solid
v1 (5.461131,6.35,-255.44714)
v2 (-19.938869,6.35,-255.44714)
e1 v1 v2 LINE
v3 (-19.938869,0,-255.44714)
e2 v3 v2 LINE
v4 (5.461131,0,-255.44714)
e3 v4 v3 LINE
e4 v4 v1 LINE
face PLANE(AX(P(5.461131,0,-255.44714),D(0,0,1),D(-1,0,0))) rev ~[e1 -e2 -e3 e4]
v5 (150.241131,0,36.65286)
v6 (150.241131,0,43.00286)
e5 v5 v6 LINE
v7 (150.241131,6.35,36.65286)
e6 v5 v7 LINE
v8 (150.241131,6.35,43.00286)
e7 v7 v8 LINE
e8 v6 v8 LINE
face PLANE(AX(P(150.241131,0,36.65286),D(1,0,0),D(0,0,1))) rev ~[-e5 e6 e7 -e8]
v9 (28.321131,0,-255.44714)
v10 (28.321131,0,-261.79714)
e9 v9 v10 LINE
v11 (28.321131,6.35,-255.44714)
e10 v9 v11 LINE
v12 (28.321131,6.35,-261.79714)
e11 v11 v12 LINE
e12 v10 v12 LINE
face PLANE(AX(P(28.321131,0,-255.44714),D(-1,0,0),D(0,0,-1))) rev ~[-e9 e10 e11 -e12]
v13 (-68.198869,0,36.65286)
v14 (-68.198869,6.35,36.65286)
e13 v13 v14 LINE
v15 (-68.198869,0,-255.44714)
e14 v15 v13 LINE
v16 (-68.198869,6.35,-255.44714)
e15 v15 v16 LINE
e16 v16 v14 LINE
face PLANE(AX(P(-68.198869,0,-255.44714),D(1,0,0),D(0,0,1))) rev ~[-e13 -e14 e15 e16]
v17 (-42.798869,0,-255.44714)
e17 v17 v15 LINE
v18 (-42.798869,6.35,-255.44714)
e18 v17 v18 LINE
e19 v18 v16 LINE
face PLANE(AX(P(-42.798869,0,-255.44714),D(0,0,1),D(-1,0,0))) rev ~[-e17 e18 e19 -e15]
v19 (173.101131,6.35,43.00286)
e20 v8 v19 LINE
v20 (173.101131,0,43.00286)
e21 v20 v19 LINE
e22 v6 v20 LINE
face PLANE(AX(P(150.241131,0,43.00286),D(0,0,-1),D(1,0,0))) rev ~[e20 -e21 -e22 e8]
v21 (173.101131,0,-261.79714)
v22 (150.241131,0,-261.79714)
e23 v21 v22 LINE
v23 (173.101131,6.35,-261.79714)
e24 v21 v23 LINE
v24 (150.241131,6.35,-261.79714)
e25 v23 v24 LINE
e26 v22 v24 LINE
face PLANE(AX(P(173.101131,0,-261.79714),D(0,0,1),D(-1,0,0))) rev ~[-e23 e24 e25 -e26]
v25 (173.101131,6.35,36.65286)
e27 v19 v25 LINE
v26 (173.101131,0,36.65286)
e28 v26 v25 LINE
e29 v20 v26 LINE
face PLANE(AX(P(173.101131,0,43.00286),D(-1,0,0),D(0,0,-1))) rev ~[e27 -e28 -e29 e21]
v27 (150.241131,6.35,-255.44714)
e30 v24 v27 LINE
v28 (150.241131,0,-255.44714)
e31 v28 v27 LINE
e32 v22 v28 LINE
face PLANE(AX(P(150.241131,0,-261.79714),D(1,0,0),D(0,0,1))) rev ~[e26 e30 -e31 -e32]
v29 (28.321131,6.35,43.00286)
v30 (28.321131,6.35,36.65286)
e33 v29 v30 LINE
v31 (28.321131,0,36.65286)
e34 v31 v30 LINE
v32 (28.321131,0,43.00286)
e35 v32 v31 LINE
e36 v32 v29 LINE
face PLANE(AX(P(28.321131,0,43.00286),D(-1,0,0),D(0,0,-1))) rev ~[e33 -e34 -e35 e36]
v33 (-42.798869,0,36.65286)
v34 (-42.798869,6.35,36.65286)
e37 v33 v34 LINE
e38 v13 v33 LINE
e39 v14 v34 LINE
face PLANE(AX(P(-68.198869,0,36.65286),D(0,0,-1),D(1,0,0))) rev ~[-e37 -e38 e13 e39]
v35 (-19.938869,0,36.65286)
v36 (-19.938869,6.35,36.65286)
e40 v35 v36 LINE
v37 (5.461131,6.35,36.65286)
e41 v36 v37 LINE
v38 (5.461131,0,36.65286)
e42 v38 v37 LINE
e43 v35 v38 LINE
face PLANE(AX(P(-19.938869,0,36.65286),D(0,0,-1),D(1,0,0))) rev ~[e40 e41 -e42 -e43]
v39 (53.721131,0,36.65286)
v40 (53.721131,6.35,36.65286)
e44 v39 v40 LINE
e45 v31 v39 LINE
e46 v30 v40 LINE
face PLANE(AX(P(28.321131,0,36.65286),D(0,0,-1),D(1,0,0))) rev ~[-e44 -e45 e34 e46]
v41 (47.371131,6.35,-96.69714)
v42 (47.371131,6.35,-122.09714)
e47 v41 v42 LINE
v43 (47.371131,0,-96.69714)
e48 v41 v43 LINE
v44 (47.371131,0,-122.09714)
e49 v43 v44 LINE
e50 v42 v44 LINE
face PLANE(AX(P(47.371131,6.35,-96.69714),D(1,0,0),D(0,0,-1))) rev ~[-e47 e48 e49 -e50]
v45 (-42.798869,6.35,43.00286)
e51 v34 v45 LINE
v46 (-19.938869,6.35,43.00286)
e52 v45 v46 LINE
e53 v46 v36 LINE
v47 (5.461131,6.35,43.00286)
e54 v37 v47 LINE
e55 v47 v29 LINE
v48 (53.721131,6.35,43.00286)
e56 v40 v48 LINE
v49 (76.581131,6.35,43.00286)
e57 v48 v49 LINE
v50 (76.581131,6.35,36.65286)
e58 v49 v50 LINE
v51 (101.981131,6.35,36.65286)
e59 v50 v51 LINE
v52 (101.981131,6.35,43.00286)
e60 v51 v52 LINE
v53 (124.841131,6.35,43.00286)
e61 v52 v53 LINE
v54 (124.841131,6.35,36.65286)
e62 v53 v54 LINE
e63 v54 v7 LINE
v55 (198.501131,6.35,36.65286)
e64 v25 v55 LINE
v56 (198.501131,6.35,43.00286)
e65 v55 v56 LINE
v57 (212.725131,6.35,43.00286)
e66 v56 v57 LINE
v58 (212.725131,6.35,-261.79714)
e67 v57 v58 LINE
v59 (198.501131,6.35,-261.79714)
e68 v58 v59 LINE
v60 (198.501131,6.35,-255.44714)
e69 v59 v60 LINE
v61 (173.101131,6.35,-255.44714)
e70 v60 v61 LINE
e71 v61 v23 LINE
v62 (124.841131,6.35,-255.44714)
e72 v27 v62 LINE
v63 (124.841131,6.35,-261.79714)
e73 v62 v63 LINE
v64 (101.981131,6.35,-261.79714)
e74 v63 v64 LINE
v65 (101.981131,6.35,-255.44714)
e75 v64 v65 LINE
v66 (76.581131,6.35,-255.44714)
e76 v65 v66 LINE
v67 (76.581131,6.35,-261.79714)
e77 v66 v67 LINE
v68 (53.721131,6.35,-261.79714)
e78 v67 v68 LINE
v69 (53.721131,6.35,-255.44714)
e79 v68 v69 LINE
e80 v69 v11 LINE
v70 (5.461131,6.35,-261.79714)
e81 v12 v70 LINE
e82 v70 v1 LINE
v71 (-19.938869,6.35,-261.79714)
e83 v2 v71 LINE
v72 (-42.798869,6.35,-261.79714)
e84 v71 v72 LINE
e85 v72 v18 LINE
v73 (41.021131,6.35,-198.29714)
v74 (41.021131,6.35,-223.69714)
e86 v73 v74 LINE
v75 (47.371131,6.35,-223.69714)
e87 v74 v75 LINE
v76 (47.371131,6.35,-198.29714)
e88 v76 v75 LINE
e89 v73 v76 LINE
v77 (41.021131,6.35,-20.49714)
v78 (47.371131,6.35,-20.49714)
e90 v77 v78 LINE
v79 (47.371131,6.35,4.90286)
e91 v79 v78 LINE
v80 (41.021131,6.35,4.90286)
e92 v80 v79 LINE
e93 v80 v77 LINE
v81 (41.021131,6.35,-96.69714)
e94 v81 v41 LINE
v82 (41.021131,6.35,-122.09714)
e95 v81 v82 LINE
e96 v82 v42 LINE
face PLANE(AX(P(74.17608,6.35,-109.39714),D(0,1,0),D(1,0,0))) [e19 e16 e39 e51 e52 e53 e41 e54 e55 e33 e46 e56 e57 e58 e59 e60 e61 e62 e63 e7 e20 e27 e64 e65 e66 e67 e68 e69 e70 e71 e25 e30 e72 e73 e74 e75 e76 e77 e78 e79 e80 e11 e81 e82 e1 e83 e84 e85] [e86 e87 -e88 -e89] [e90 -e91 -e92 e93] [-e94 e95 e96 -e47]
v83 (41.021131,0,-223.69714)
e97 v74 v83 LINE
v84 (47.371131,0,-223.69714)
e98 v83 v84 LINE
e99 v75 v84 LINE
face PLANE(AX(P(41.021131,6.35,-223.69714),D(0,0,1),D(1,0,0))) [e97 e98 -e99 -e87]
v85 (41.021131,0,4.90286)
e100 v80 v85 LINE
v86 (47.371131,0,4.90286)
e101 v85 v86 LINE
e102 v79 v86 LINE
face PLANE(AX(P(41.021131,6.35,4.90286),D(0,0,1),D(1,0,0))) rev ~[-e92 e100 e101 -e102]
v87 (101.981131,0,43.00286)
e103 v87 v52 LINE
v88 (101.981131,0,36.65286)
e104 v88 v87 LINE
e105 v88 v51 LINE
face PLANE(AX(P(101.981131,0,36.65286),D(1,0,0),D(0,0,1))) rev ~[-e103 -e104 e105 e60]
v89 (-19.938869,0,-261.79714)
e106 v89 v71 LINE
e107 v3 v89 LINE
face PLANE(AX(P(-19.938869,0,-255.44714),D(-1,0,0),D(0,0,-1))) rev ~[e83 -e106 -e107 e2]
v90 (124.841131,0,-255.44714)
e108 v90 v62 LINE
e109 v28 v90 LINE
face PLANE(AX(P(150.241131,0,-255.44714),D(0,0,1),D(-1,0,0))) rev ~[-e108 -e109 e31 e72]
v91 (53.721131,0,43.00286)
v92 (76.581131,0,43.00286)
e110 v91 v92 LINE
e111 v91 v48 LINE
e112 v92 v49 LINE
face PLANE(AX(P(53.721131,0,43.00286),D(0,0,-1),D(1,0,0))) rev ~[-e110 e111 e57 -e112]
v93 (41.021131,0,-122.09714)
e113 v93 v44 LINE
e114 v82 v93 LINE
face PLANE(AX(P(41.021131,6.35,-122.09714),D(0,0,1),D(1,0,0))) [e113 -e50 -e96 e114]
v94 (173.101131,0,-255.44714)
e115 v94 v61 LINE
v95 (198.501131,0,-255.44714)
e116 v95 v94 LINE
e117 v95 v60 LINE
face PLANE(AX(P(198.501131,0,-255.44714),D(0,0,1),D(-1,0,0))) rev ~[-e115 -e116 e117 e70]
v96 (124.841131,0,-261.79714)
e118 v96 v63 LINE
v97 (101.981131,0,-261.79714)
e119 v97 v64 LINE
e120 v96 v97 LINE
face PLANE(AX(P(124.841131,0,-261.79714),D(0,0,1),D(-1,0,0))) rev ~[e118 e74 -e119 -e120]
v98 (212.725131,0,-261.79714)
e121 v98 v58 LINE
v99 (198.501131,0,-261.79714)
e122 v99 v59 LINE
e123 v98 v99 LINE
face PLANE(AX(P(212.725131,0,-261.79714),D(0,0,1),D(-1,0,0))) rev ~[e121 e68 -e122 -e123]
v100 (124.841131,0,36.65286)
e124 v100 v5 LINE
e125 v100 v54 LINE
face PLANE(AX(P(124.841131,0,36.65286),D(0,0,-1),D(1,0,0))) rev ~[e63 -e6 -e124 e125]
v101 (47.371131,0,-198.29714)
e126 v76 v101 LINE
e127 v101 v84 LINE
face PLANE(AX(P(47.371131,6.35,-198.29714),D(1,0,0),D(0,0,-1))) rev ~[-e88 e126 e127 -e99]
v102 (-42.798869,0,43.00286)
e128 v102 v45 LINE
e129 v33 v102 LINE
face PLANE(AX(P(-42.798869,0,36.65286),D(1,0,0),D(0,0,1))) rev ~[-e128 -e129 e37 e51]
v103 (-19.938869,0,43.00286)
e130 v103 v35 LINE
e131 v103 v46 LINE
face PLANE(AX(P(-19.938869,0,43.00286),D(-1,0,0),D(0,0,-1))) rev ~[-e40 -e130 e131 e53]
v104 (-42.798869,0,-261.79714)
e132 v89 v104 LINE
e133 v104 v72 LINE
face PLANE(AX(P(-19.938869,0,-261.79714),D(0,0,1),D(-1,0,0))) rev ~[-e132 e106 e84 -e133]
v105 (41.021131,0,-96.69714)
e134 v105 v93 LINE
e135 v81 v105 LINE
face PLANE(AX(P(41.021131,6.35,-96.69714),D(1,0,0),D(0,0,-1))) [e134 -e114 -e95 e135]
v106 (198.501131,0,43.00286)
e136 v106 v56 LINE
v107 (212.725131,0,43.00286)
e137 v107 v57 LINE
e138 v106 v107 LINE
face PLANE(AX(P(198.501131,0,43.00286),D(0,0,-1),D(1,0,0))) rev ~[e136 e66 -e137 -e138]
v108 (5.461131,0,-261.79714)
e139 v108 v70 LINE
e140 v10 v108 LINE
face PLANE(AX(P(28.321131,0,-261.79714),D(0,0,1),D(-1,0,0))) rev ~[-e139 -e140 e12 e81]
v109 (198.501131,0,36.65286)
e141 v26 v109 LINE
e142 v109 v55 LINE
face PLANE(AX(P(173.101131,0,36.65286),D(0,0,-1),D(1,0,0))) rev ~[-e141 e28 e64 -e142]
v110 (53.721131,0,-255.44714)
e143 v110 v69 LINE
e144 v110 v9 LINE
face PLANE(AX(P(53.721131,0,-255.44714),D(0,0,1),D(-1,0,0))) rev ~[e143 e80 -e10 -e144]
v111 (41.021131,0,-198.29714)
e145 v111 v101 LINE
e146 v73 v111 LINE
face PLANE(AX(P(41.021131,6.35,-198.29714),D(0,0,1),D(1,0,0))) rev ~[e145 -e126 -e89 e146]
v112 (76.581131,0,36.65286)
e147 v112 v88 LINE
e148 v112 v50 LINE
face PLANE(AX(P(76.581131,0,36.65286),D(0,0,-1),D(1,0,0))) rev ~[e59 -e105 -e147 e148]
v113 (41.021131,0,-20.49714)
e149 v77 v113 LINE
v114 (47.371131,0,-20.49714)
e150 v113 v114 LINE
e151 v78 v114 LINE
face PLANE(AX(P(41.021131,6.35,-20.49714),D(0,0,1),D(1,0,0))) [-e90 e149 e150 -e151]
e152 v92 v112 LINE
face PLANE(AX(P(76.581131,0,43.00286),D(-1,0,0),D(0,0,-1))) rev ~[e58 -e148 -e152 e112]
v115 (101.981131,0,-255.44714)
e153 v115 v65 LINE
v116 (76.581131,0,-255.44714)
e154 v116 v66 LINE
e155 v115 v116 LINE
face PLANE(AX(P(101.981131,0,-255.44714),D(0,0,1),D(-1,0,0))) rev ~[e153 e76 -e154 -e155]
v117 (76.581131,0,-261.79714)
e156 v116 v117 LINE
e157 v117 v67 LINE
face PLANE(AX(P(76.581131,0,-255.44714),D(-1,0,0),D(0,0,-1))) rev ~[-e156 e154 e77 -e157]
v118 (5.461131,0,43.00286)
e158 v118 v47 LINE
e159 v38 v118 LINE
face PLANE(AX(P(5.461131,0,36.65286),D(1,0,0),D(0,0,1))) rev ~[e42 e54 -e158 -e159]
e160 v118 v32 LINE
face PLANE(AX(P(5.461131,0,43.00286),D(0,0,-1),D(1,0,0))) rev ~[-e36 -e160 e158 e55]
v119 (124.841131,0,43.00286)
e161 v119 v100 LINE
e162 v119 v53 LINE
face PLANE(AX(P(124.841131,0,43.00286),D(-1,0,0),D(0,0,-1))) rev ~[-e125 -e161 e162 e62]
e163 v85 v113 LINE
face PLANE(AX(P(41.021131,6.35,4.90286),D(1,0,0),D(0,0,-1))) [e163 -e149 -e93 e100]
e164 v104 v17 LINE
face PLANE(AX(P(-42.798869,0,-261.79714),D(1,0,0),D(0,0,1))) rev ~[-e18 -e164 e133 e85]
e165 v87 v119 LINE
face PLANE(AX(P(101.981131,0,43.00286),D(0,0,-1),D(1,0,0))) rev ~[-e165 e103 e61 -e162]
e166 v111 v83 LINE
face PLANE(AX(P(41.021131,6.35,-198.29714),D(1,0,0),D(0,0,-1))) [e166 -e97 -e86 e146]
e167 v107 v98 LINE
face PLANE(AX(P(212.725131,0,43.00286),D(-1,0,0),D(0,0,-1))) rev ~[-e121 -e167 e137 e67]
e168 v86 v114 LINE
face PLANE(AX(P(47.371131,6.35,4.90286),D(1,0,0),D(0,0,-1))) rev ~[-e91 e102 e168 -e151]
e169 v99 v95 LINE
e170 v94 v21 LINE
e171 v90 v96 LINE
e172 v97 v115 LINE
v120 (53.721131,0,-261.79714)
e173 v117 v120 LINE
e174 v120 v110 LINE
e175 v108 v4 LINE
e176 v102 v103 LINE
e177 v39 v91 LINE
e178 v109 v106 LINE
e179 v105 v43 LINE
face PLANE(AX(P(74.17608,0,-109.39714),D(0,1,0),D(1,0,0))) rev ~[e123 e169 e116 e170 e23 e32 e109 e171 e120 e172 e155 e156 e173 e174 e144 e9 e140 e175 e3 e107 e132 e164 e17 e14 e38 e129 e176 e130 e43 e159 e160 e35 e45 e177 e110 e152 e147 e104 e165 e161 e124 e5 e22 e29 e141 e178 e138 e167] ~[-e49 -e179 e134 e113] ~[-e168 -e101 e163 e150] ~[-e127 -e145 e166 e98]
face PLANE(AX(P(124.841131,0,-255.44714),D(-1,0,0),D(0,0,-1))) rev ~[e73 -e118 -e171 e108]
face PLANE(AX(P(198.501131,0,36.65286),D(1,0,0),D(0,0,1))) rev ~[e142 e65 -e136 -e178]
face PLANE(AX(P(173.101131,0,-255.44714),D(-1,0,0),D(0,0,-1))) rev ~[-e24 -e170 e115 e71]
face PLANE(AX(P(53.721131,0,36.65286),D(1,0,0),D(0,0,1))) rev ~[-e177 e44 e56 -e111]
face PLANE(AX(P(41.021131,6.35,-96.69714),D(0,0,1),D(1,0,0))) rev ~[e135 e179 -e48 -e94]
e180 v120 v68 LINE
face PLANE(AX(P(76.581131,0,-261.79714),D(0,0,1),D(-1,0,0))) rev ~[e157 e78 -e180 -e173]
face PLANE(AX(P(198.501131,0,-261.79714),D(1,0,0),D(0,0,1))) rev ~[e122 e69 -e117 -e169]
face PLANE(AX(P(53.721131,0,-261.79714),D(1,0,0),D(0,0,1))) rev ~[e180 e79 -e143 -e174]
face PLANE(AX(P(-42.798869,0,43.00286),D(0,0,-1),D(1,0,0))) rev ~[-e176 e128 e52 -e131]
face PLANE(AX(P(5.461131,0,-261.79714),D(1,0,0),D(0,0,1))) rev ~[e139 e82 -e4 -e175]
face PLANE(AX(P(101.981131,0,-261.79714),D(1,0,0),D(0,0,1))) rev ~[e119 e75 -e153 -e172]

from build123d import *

# Parameters (mm, degrees)
BOSS_EXTRUDE1_DEPTH = 6.35
SKETCH2_W           = 6.35
SKETCH2_H           = 25.4
CUT_EXTRUDE1_DEPTH  = 338.387086593


with BuildPart() as part:
    # Sketch1 → Boss-Extrude1 (new body)
    with BuildSketch(Plane(origin=(0, 0, 0), x_dir=(1, 0, 0), z_dir=(0, 1, 0))):
        Polygon((-42.798869448, -43.002859963), (-19.938869448, -43.002859963), (-19.938869448, -36.652859963), (5.461130552, -36.652859963), (5.461130552, -43.002859963), (28.321130552, -43.002859963), (28.321130552, -36.652859963), (53.721130552, -36.652859963), (53.721130552, -43.002859963), (76.581130552, -43.002859963), (76.581130552, -36.652859963), (101.981130552, -36.652859963), (101.981130552, -43.002859963), (124.841130552, -43.002859963), (124.841130552, -36.652859963), (150.241130552, -36.652859963), (150.241130552, -43.002859963), (173.101130552, -43.002859963), (173.101130552, -36.652859963), (198.501130552, -36.652859963), (198.501130552, -43.002859963), (212.725130552, -43.002859963), (212.725130552, 261.797140037), (198.501130552, 261.797140037), (198.501130552, 255.447140037), (173.101130552, 255.447140037), (173.101130552, 261.797140037), (150.241130552, 261.797140037), (150.241130552, 255.447140037), (124.841130552, 255.447140037), (124.841130552, 261.797140037), (101.981130552, 261.797140037), (101.981130552, 255.447140037), (76.581130552, 255.447140037), (76.581130552, 261.797140037), (53.721130552, 261.797140037), (53.721130552, 255.447140037), (28.321130552, 255.447140037), (28.321130552, 261.797140037), (5.461130552, 261.797140037), (5.461130552, 255.447140037), (-19.938869448, 255.447140037), (-19.938869448, 261.797140037), (-42.798869448, 261.797140037), (-42.798869448, 255.447140037), (-68.198869448, 255.447140037), (-68.198869448, -36.652859963), (-42.798869448, -36.652859963), align=None)
    extrude(amount=BOSS_EXTRUDE1_DEPTH)

    # Sketch2 → Cut-Extrude1 (cut, through all)
    with BuildSketch(Plane(origin=(0, 6.35, 0), x_dir=(1, 0, 0), z_dir=(0, 1, 0))):
        with Locations((44.196130552, 210.997140037)):
            Rectangle(SKETCH2_W, SKETCH2_H)
        with Locations((44.196130552, 7.797140037)):
            Rectangle(SKETCH2_W, SKETCH2_H)
        with Locations((44.196130552, 109.397140037)):
            Rectangle(SKETCH2_W, SKETCH2_H)
    extrude(amount=-CUT_EXTRUDE1_DEPTH, mode=Mode.SUBTRACT)


solid = part.part
